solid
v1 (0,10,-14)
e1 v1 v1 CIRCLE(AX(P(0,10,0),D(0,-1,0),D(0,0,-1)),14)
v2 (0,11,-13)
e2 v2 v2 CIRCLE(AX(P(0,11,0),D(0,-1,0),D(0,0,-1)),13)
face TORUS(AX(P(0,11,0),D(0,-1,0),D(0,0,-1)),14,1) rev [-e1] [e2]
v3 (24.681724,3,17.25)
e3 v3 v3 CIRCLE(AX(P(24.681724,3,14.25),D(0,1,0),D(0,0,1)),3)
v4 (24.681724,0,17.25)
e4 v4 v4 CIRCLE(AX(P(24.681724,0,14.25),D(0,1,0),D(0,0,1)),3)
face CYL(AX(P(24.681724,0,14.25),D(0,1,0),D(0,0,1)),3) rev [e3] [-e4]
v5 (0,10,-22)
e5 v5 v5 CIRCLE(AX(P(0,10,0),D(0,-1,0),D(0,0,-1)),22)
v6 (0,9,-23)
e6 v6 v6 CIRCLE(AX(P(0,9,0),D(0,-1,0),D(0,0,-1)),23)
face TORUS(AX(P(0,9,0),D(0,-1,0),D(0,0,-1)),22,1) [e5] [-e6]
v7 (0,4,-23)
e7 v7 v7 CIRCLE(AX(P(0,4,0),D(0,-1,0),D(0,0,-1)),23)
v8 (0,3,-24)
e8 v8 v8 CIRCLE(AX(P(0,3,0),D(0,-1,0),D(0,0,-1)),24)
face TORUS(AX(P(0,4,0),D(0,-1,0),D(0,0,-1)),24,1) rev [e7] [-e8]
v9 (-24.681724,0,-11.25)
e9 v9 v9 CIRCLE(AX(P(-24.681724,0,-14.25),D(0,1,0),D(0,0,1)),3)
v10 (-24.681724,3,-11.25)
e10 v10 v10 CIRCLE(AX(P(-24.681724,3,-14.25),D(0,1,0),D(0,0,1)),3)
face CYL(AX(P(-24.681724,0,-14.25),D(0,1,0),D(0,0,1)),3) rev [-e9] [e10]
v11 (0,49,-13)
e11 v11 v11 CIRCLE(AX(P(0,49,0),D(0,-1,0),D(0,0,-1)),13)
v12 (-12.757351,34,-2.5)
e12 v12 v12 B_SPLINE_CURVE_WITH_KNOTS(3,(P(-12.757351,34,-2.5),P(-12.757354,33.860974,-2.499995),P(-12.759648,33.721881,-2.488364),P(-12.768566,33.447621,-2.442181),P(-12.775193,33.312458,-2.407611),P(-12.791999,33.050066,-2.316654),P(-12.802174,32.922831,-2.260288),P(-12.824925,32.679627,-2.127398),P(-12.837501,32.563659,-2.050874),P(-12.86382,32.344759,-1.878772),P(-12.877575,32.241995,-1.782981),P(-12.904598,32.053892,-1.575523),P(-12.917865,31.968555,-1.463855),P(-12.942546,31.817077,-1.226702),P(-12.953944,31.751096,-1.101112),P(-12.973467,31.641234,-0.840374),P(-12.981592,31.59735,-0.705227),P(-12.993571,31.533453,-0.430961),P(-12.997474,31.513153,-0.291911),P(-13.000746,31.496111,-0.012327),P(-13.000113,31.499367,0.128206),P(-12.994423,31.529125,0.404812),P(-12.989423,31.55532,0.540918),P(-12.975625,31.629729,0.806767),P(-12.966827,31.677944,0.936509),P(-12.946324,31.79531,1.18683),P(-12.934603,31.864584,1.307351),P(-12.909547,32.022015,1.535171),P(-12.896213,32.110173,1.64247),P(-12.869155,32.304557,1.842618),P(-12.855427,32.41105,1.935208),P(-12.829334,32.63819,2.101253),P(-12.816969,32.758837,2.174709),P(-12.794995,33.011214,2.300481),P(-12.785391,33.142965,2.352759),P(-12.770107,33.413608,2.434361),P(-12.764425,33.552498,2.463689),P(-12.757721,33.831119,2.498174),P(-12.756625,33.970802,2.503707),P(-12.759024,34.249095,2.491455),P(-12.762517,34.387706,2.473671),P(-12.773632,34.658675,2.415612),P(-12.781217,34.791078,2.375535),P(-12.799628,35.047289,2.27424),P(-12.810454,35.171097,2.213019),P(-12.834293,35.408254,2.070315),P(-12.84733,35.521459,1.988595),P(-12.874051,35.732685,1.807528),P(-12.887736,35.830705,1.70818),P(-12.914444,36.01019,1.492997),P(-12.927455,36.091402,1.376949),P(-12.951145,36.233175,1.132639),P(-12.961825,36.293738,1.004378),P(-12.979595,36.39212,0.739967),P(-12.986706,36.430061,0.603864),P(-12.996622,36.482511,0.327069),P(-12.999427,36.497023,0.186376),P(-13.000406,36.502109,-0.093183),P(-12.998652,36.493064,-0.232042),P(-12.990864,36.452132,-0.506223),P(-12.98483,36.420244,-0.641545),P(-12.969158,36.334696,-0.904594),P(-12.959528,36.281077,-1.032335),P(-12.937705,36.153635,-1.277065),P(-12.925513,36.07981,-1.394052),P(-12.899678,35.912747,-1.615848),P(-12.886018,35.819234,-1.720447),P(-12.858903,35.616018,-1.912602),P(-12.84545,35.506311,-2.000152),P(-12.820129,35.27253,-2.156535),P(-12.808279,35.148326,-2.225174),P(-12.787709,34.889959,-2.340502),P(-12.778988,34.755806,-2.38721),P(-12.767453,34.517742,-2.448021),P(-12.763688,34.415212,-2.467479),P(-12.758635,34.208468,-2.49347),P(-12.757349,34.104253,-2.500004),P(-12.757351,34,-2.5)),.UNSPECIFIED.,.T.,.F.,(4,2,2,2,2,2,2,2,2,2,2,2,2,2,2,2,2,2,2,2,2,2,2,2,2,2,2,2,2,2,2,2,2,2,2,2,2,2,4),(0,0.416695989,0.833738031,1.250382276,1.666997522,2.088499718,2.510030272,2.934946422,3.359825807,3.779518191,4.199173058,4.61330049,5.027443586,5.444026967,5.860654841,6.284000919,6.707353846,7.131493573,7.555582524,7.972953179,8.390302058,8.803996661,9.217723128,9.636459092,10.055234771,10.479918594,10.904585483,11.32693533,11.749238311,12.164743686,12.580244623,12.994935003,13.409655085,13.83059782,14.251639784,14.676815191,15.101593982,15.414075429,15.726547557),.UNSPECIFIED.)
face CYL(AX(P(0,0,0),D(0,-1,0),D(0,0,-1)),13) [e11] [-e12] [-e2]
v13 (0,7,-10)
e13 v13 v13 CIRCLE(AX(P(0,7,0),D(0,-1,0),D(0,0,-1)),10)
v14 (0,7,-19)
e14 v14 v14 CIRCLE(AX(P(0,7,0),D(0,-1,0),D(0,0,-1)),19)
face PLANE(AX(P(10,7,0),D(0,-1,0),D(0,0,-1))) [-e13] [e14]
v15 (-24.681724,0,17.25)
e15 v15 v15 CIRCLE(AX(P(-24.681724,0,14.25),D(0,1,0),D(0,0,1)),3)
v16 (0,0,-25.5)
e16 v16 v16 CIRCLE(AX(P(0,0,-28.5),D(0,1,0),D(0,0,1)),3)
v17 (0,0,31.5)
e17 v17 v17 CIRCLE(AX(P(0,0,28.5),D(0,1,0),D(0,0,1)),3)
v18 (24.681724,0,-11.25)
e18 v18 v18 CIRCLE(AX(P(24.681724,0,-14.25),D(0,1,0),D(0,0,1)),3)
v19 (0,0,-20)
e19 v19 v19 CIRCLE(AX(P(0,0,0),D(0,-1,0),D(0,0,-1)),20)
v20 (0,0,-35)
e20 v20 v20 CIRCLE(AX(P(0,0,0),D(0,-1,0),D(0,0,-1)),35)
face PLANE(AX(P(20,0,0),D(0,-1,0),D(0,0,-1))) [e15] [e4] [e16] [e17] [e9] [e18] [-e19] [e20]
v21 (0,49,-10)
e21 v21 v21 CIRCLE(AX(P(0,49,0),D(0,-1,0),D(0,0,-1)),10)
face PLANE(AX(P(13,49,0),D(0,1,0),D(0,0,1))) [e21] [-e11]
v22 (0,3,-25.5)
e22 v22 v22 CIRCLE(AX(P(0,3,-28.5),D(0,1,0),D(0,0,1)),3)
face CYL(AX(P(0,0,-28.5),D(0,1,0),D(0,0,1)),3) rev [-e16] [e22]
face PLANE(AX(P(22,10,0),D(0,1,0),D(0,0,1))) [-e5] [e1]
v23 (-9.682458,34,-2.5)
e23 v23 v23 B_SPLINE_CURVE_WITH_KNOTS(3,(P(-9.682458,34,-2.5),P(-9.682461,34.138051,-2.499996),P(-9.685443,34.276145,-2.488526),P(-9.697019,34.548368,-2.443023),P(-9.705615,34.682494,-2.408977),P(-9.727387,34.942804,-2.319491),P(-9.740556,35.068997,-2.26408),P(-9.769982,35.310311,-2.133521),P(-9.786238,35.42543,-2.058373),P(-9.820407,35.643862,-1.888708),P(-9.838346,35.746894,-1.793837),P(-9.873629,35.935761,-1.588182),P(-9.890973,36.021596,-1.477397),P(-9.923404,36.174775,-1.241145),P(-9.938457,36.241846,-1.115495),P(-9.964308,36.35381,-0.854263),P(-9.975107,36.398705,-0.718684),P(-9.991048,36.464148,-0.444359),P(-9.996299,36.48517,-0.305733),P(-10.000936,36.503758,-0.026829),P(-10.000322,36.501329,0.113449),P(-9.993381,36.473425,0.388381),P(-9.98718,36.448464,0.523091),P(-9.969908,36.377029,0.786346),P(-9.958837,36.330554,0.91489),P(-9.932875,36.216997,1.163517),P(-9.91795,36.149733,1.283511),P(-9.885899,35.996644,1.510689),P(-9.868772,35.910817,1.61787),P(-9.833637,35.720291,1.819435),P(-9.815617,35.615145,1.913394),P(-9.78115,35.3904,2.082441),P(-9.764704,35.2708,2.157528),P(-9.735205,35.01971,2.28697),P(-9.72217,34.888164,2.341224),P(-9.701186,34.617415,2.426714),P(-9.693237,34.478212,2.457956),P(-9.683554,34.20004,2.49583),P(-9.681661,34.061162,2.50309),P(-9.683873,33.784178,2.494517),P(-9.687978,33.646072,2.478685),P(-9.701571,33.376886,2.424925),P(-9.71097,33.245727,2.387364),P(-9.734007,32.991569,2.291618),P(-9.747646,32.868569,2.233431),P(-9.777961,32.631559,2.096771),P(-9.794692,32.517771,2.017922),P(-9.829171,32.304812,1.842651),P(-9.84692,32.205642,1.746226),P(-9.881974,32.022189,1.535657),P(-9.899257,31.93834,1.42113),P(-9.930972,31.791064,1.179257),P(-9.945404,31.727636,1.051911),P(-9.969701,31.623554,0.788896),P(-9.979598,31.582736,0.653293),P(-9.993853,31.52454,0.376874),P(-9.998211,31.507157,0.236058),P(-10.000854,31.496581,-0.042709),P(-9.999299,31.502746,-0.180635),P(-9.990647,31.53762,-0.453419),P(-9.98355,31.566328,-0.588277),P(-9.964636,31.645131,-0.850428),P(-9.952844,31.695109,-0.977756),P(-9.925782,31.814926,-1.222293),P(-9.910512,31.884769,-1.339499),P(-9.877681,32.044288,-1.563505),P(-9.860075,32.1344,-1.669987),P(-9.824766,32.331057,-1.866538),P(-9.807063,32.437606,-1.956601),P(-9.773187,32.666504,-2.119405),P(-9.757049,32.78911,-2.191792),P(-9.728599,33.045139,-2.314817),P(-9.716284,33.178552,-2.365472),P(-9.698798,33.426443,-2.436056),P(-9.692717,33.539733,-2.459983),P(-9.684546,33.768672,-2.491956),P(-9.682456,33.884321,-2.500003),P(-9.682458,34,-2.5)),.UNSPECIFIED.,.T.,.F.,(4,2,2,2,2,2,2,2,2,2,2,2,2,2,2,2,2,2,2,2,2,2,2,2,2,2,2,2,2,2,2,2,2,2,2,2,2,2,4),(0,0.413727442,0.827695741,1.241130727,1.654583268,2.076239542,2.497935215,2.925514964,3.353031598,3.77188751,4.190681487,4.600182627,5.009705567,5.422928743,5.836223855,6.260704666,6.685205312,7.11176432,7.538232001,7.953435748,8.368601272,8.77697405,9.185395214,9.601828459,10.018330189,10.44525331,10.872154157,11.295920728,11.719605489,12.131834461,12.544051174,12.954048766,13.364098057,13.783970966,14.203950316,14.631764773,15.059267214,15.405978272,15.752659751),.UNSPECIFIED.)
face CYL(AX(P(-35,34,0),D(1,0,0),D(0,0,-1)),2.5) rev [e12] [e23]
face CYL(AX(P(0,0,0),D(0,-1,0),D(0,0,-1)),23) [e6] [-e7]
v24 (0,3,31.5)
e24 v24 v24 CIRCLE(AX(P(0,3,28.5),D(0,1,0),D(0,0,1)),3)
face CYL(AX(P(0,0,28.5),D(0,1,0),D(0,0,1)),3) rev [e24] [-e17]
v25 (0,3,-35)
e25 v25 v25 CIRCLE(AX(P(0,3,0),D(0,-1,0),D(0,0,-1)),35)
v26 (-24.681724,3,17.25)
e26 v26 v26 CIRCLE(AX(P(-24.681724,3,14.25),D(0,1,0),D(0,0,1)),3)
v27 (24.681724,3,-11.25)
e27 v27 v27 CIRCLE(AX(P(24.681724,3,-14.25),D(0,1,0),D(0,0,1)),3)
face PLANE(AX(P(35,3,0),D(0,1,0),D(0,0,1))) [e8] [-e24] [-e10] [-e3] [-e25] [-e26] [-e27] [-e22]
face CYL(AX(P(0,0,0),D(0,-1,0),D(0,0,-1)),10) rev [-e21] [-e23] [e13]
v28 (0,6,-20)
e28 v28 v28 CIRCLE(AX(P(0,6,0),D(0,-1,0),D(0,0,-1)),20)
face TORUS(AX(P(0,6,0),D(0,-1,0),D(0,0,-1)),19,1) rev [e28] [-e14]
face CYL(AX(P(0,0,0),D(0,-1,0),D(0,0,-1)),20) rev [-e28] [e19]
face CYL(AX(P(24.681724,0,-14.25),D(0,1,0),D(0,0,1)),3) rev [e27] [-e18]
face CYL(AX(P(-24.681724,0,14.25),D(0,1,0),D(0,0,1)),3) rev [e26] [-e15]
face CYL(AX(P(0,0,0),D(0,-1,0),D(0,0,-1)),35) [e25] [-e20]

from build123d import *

# Parameters (mm, degrees)
SKETCH_2_R          = 3
CUT_EXTRUDE_1_DEPTH = 4
SKETCH_3_R          = 2.5
CUT_EXTRUDE_2_DEPTH = 36


with BuildPart() as part:
    # 草图1 → 旋转1 (revolve)
    with BuildSketch(Plane.XY):
        with BuildLine():
            Line((20, 0), (35, 0))
            Line((35, 0), (35, 3))
            Line((35, 3), (24, 3))
            ThreePointArc((24, 3), (23.292893219, 3.292893219), (23, 4))
            Line((23, 4), (23, 9))
            ThreePointArc((23, 9), (22.707106781, 9.707106781), (22, 10))
            Line((22, 10), (14, 10))
            ThreePointArc((14, 10), (13.292893219, 10.292893219), (13, 11))
            Line((13, 11), (13, 49))
            Line((13, 49), (10, 49))
            Line((10, 49), (10, 7))
            Line((10, 7), (19, 7))
            ThreePointArc((19, 7), (19.707106781, 6.707106781), (20, 6))
            Line((20, 6), (20, 0))
        make_face()
    revolve(axis=Axis((0, 0, 0), (0, 1, 0)))

    # 草图2 → 切除-拉伸1 (cut, through all)
    with BuildSketch(Plane(origin=(0, 3, 0), x_dir=(1, 0, 0), z_dir=(0, 1, 0))):
        with Locations((0, 28.5)):
            Circle(SKETCH_2_R)
        with Locations((24.681724008, 14.25)):
            Circle(SKETCH_2_R)
        with Locations((24.681724008, -14.25)):
            Circle(SKETCH_2_R)
        with Locations((0, -28.5)):
            Circle(SKETCH_2_R)
        with Locations((-24.681724008, -14.25)):
            Circle(SKETCH_2_R)
        with Locations((-24.681724008, 14.25)):
            Circle(SKETCH_2_R)
    extrude(amount=-CUT_EXTRUDE_1_DEPTH, mode=Mode.SUBTRACT)

    # 草图3 → 切除-拉伸2 (cut, through all)
    with BuildSketch(Plane(origin=(0, 0, 0), x_dir=(0, 0, -1), z_dir=(1, 0, 0))):
        with Locations((0, 34)):
            Circle(SKETCH_3_R)
    extrude(amount=-CUT_EXTRUDE_2_DEPTH, mode=Mode.SUBTRACT)


solid = part.part
